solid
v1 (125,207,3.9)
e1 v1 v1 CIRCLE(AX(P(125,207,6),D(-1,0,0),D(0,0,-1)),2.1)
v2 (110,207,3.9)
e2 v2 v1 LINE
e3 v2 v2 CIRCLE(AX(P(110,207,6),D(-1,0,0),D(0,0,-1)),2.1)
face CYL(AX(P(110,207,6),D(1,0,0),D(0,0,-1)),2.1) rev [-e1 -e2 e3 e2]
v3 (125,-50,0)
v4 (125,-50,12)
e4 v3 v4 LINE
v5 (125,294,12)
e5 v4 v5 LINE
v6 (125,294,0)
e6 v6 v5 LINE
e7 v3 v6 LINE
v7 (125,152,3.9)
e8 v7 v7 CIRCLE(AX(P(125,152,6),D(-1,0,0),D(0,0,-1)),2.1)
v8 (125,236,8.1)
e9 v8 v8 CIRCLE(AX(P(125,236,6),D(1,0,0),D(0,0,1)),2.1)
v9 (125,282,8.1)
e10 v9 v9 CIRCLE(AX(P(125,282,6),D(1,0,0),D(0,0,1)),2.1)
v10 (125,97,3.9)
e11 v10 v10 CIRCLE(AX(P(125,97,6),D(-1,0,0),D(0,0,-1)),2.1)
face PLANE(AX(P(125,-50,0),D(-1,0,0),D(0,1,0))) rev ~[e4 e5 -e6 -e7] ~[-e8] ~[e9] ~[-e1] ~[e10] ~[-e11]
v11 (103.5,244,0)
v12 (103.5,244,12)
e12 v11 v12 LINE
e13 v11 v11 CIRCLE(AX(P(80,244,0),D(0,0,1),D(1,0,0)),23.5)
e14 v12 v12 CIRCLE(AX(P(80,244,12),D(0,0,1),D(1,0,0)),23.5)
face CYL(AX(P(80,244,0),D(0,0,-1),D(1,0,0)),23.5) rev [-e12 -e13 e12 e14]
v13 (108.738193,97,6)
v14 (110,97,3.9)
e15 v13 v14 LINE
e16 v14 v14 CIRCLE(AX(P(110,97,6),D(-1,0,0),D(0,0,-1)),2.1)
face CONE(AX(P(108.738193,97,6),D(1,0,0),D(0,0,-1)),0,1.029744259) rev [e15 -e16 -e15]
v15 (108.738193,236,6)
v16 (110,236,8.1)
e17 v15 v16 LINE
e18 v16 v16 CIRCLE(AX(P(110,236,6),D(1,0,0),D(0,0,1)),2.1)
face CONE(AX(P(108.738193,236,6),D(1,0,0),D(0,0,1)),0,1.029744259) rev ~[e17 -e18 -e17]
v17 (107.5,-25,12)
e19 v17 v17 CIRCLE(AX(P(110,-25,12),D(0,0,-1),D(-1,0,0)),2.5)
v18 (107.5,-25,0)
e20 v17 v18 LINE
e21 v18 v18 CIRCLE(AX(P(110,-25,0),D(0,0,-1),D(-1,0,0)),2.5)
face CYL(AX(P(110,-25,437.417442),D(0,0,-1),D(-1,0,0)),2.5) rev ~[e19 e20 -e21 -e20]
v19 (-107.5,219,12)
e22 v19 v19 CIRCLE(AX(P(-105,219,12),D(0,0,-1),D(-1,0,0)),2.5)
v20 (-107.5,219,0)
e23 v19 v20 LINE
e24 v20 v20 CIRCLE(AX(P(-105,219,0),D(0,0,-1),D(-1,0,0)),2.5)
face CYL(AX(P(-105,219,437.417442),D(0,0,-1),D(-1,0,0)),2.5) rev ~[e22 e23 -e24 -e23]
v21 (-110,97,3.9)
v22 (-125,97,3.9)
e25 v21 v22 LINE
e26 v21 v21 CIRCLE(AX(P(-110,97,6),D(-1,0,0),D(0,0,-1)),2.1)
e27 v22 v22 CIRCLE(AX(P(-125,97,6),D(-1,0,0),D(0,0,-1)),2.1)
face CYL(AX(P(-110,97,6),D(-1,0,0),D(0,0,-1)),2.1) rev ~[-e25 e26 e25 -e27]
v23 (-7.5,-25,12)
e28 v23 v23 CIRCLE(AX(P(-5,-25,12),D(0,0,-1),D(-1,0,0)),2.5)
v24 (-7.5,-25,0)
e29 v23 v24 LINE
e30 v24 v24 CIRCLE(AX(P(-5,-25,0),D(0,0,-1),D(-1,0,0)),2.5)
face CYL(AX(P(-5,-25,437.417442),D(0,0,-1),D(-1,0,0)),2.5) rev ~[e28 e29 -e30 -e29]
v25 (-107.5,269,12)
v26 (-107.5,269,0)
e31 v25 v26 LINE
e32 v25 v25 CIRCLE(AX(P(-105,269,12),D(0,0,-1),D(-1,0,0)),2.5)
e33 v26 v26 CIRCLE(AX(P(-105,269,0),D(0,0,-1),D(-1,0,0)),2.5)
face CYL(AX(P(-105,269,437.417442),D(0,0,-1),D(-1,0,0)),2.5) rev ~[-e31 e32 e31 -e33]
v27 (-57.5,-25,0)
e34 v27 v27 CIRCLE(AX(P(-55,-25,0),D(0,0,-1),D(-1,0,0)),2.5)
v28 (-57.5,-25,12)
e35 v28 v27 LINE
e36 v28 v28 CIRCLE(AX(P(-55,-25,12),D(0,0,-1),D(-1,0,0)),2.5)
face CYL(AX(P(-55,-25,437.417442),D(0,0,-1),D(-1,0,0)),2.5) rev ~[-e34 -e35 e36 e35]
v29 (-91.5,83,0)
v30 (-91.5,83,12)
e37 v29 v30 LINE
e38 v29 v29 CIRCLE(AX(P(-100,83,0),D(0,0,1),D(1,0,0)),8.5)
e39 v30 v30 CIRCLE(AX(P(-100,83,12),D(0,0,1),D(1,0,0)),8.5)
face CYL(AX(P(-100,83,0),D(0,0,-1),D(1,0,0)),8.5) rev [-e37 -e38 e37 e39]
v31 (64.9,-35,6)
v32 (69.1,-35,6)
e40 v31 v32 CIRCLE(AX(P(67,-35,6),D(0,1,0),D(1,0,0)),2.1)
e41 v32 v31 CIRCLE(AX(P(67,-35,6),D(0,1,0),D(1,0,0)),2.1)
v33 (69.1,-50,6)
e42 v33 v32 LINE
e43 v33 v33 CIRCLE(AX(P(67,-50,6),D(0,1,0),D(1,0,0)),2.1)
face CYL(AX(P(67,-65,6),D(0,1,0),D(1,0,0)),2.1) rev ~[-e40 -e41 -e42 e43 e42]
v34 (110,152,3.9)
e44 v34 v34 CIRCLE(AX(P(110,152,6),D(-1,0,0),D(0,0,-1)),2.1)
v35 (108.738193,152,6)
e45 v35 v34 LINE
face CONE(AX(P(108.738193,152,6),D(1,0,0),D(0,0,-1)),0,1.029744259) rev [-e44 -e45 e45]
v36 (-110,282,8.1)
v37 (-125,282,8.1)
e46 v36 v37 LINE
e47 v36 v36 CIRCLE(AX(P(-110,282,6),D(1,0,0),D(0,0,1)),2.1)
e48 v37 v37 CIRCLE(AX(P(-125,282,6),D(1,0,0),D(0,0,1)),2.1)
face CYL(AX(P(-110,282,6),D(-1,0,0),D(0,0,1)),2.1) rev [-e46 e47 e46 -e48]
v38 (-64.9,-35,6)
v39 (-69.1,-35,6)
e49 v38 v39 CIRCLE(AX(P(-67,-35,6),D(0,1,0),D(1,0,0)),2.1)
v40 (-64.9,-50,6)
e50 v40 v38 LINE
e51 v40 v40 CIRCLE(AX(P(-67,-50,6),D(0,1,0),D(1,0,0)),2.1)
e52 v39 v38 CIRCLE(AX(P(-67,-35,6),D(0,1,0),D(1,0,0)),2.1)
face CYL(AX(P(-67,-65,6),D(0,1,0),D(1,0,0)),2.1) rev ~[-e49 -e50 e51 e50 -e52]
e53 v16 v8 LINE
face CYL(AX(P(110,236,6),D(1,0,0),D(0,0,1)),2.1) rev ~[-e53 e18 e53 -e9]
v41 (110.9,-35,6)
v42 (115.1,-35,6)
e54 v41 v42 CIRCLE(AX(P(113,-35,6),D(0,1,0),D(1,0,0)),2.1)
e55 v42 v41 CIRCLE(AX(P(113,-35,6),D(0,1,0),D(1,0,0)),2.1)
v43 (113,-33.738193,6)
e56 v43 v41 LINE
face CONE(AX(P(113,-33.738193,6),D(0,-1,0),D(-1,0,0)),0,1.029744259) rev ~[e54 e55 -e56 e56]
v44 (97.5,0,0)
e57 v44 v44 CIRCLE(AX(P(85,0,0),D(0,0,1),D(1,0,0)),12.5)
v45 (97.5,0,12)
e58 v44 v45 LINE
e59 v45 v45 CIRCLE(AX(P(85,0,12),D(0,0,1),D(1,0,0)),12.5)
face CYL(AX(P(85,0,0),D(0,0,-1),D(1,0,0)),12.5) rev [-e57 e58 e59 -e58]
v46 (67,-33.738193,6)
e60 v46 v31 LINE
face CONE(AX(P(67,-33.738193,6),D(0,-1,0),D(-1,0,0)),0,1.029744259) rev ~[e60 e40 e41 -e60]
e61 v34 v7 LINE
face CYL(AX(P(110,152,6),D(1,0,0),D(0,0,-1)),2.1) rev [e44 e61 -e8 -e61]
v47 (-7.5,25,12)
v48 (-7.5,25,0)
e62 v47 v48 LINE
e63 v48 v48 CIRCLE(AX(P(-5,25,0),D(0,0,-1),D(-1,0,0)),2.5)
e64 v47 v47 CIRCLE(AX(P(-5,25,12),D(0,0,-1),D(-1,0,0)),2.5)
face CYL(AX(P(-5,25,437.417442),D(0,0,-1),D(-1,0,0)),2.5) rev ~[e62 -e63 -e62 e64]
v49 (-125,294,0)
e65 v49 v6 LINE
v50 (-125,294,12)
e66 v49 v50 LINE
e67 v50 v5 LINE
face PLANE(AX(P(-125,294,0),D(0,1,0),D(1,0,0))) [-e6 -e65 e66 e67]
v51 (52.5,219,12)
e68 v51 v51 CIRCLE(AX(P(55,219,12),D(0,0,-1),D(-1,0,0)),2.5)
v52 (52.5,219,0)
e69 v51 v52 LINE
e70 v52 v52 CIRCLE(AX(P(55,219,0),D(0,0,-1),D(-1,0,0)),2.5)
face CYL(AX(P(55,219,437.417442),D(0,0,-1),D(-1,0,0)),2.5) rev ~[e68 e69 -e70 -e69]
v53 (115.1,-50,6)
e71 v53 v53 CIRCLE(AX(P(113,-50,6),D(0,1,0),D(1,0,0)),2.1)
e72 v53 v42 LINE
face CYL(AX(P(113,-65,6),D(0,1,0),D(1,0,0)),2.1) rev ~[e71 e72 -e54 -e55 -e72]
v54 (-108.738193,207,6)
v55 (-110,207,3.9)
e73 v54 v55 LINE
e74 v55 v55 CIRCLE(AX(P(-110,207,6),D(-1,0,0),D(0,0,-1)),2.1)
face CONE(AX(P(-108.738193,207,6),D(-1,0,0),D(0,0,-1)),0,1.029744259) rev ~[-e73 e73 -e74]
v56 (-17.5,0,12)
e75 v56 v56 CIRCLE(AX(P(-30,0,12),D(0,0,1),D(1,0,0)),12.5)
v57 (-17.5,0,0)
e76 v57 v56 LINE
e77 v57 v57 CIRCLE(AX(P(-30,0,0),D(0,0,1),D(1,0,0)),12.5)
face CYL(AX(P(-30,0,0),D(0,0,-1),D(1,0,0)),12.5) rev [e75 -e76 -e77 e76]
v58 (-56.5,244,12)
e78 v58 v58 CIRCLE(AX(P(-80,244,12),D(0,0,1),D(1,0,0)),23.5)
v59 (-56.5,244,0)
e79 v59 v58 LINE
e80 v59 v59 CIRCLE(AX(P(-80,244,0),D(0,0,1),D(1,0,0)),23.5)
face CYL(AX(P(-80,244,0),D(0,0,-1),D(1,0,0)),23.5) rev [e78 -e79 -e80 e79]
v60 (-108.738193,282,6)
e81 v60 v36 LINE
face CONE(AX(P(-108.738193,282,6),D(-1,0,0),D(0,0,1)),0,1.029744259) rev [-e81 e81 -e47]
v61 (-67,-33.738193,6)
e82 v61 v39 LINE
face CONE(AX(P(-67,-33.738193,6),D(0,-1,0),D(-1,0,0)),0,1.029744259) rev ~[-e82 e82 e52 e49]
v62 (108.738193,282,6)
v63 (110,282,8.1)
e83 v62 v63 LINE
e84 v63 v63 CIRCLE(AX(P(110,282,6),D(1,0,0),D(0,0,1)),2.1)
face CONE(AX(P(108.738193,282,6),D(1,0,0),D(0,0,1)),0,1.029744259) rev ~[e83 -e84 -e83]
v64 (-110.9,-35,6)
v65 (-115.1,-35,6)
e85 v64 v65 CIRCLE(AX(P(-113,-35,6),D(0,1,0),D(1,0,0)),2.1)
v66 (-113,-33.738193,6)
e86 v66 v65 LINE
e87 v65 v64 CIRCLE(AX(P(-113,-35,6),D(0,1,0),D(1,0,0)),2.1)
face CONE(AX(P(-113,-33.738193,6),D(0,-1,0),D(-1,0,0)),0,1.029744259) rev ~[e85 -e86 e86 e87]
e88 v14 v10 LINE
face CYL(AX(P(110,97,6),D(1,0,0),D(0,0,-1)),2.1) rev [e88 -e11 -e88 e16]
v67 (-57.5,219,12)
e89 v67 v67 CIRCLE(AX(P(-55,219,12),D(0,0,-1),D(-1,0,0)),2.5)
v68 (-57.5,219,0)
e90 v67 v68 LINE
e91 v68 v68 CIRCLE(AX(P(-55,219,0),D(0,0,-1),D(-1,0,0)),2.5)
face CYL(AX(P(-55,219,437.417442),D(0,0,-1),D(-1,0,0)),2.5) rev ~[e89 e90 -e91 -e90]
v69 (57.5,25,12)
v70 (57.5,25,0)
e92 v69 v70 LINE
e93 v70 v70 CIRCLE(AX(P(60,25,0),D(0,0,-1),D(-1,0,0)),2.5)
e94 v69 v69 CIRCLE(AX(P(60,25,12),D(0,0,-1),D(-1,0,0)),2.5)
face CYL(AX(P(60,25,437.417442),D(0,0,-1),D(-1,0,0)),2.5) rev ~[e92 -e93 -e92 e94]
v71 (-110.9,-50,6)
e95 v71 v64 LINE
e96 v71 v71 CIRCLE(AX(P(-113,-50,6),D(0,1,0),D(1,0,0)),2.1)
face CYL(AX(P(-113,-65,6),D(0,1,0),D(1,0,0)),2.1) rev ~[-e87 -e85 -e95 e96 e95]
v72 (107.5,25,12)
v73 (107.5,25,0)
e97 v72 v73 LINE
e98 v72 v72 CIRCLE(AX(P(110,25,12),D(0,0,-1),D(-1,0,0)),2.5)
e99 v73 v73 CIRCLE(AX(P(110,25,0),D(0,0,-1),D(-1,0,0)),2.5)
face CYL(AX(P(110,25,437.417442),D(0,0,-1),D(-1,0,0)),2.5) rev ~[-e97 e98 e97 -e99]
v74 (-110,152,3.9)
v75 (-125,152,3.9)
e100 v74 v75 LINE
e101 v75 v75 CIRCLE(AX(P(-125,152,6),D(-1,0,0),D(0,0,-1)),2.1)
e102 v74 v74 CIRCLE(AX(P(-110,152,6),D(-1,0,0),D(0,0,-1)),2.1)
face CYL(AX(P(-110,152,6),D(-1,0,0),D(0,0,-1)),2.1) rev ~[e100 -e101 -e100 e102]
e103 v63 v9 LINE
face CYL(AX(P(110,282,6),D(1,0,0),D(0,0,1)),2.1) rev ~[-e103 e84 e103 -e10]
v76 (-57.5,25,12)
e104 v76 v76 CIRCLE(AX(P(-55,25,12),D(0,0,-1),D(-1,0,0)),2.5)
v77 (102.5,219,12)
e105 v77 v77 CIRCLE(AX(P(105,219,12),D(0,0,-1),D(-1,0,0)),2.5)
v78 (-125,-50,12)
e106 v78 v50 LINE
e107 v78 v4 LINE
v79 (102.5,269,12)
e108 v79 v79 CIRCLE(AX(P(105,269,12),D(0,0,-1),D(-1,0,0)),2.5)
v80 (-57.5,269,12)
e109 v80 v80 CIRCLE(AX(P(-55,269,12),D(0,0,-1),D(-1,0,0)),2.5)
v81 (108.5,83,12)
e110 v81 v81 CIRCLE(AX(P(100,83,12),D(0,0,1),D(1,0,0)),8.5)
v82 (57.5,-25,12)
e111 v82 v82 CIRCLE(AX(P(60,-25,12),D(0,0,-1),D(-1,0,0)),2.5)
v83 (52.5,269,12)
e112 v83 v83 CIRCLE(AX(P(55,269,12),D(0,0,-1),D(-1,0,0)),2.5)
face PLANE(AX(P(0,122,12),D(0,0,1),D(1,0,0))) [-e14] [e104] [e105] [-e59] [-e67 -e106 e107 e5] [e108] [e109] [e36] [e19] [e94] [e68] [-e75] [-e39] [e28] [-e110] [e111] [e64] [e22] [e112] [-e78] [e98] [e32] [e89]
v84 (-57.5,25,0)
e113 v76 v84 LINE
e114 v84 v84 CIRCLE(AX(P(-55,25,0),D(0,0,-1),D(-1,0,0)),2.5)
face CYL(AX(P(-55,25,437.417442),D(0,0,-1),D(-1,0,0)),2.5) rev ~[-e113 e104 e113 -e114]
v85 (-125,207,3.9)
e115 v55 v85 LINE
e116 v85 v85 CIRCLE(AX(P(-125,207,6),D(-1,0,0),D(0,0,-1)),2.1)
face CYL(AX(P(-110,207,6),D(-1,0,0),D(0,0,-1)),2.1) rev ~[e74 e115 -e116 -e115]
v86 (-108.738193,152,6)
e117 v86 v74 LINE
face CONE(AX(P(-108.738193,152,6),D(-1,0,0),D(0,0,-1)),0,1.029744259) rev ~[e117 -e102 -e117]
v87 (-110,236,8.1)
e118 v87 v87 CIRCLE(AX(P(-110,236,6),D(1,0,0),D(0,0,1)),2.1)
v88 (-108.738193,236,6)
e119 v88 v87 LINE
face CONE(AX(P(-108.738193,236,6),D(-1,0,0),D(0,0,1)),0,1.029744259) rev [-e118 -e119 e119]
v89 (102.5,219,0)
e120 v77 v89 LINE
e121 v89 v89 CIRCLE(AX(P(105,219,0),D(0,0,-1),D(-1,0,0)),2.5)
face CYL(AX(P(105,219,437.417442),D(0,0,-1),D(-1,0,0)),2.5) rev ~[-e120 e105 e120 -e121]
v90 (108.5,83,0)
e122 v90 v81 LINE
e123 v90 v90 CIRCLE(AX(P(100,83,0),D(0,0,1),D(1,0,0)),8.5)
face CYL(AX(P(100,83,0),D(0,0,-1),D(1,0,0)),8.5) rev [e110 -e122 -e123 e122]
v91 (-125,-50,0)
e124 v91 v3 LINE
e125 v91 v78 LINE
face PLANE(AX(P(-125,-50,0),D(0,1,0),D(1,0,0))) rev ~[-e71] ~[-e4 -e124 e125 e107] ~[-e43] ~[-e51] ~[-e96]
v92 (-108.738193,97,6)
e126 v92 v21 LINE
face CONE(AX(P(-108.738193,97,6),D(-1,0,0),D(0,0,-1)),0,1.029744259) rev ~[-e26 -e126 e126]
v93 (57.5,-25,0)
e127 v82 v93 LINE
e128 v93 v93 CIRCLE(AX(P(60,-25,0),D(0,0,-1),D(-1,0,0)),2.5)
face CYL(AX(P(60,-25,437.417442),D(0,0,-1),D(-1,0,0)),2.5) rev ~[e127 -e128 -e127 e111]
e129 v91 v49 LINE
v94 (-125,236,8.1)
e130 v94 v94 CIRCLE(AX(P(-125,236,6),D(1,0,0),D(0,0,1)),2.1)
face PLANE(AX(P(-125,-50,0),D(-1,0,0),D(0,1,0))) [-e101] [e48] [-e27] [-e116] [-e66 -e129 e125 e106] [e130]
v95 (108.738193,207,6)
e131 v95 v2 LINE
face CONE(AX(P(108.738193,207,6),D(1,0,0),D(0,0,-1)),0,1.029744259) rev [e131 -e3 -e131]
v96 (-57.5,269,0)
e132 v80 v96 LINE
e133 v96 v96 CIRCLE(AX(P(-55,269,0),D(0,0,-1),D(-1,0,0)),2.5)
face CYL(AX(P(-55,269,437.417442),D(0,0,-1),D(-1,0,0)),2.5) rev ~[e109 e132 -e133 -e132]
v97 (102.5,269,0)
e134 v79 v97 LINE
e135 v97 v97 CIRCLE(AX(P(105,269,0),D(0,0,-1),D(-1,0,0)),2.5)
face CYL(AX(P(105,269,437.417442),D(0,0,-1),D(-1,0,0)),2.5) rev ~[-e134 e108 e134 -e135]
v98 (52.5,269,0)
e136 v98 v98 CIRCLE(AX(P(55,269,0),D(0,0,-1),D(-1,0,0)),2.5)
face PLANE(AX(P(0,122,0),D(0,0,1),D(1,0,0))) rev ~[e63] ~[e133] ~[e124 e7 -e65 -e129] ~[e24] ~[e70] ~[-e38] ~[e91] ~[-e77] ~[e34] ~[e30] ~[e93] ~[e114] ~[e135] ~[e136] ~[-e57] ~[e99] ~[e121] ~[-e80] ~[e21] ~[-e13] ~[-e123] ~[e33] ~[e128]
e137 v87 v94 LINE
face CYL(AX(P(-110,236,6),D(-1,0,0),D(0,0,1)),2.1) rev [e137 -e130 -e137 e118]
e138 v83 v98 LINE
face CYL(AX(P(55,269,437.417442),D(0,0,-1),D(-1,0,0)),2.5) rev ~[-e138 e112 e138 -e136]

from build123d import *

# Parameters (mm, degrees)
SKETCH1_W                  = 250
SKETCH1_H                  = 344
SKETCH1_R                  = 23.5
SKETCH1_R_2                = 8.5
SKETCH1_R_3                = 12.5
BOSS_EXTRUDE1_DEPTH        = 12
M5_TAPPED_HOLE1_AT_2_COUNT = 2
M5_TAPPED_HOLE1_AT_2_PITCH = 46
M6_TAPPED_HOLE1_D          = 5
M5_TAPPED_HOLE2_D          = 4.2
M5_TAPPED_HOLE2_DEPTH      = 15
M5_TAPPED_HOLE2_TIP        = 1.2618073
M5_TAPPED_HOLE3_AT_2_COUNT = 2
M5_TAPPED_HOLE3_AT_2_PITCH = 55
M5_TAPPED_HOLE3_AT_3_COUNT = 2
M5_TAPPED_HOLE3_AT_3_PITCH = 110


with BuildPart() as part:
    # Sketch1 → Boss-Extrude1 (new body)
    with BuildSketch(Plane.XY):
        with Locations((0, 122)):
            Rectangle(SKETCH1_W, SKETCH1_H)
        with Locations((-80, 244)):
            Circle(SKETCH1_R, mode=Mode.SUBTRACT)
        with Locations((80, 244)):
            Circle(SKETCH1_R, mode=Mode.SUBTRACT)
        with Locations((-100, 83)):
            Circle(SKETCH1_R_2, mode=Mode.SUBTRACT)
        with Locations((100, 83)):
            Circle(SKETCH1_R_2, mode=Mode.SUBTRACT)
        with Locations((-30, 0)):
            Circle(SKETCH1_R_3, mode=Mode.SUBTRACT)
        with Locations((85, 0)):
            Circle(SKETCH1_R_3, mode=Mode.SUBTRACT)
    extrude(amount=BOSS_EXTRUDE1_DEPTH)

    # Sketch5 → M5 Tapped Hole1 (revolve, cut)
    with BuildSketch(Plane(origin=(-125, 282, 6), x_dir=(0, 0, 1), z_dir=(0, 1, 0))):
        Polygon((0, 0), (0, 16.2618073), (2.1, 15), (2.1, 0), align=None)
    m5_tapped_hole1 = revolve(axis=Axis((-131.35, 282, 6), (1, 0, 0)), mode=Mode.SUBTRACT)

    # M5 Tapped Hole1 at 2: M5 Tapped Hole1 ×2
    with Locations(*[(0, -i * M5_TAPPED_HOLE1_AT_2_PITCH, 0) for i in range(1, M5_TAPPED_HOLE1_AT_2_COUNT)]):
        add(m5_tapped_hole1, mode=Mode.SUBTRACT)

    # Mirror1: M5 Tapped Hole1 across plane
    add(m5_tapped_hole1.mirror(Plane(origin=(0, 0, 0), x_dir=(0, 0, 1), z_dir=(1, 0, 0))), mode=Mode.SUBTRACT)

    # Mirror1 copy 1 sketch → Mirror1 copy 1 (revolve, cut)
    with BuildSketch(Plane(origin=(125, 236, 6), x_dir=(0, 0, 1), z_dir=(0, 1, 0))):
        Polygon((0, 0), (0, -16.2618073), (2.1, -15), (2.1, 0), align=None)
    revolve(axis=Axis((131.35, 236, 6), (1, 0, 0)), mode=Mode.SUBTRACT)

    # M6 Tapped Hole1 (through all)
    with Locations(Plane.XY.offset(12)):
        with Locations((-105, 269), (-55, 269), (-55, 219), (-105, 219), (55, 219), (105, 219), (105, 269), (55, 269), (-55, 25), (-5, 25), (-5, -25), (-55, -25), (60, 25), (110, 25), (110, -25), (60, -25)):
            Hole(M6_TAPPED_HOLE1_D / 2)

    # M5 Tapped Hole2
    with Locations(Plane(origin=(0, -50, 0), x_dir=(-1, 0, 0), z_dir=(0, -1, 0))):
        with Locations((-113, -6), (-67, -6), (67, -6), (113, -6)):
            Hole(M5_TAPPED_HOLE2_D / 2, depth=M5_TAPPED_HOLE2_DEPTH)
            with Locations((0, 0, -(M5_TAPPED_HOLE2_DEPTH + M5_TAPPED_HOLE2_TIP / 2))):  # 118° drill point
                Cone(0, M5_TAPPED_HOLE2_D / 2, M5_TAPPED_HOLE2_TIP, mode=Mode.SUBTRACT)

    # Sketch19 → M5 Tapped Hole3 (revolve, cut)
    with BuildSketch(Plane(origin=(125, 97, 6), x_dir=(0, 0, -1), z_dir=(0, 1, 0))):
        Polygon((0, 0), (0, 16.2618073), (2.1, 15), (2.1, 0), align=None)
    m5_tapped_hole3 = revolve(axis=Axis((131.35, 97, 6), (-1, 0, 0)), mode=Mode.SUBTRACT)

    # M5 Tapped Hole3 at 2: M5 Tapped Hole3 ×2
    with Locations(*[(0, i * M5_TAPPED_HOLE3_AT_2_PITCH, 0) for i in range(1, M5_TAPPED_HOLE3_AT_2_COUNT)]):
        add(m5_tapped_hole3, mode=Mode.SUBTRACT)

    # M5 Tapped Hole3 at 3: M5 Tapped Hole3 ×2
    with Locations(*[(0, i * M5_TAPPED_HOLE3_AT_3_PITCH, 0) for i in range(1, M5_TAPPED_HOLE3_AT_3_COUNT)]):
        add(m5_tapped_hole3, mode=Mode.SUBTRACT)

    # Mirror2: M5 Tapped Hole3 across plane
    add(m5_tapped_hole3.mirror(Plane(origin=(0, 0, 0), x_dir=(0, 0, 1), z_dir=(1, 0, 0))), mode=Mode.SUBTRACT)

    # Mirror2 copy 1 sketch → Mirror2 copy 1 (revolve, cut)
    with BuildSketch(Plane(origin=(-125, 152, 6), x_dir=(0, 0, -1), z_dir=(0, 1, 0))):
        Polygon((0, 0), (0, -16.2618073), (2.1, -15), (2.1, 0), align=None)
    revolve(axis=Axis((-131.35, 152, 6), (-1, 0, 0)), mode=Mode.SUBTRACT)

    # Mirror2 copy 2 sketch → Mirror2 copy 2 (revolve, cut)
    with BuildSketch(Plane(origin=(-125, 207, 6), x_dir=(0, 0, -1), z_dir=(0, 1, 0))):
        Polygon((0, 0), (0, -16.2618073), (2.1, -15), (2.1, 0), align=None)
    revolve(axis=Axis((-131.35, 207, 6), (-1, 0, 0)), mode=Mode.SUBTRACT)


solid = part.part
